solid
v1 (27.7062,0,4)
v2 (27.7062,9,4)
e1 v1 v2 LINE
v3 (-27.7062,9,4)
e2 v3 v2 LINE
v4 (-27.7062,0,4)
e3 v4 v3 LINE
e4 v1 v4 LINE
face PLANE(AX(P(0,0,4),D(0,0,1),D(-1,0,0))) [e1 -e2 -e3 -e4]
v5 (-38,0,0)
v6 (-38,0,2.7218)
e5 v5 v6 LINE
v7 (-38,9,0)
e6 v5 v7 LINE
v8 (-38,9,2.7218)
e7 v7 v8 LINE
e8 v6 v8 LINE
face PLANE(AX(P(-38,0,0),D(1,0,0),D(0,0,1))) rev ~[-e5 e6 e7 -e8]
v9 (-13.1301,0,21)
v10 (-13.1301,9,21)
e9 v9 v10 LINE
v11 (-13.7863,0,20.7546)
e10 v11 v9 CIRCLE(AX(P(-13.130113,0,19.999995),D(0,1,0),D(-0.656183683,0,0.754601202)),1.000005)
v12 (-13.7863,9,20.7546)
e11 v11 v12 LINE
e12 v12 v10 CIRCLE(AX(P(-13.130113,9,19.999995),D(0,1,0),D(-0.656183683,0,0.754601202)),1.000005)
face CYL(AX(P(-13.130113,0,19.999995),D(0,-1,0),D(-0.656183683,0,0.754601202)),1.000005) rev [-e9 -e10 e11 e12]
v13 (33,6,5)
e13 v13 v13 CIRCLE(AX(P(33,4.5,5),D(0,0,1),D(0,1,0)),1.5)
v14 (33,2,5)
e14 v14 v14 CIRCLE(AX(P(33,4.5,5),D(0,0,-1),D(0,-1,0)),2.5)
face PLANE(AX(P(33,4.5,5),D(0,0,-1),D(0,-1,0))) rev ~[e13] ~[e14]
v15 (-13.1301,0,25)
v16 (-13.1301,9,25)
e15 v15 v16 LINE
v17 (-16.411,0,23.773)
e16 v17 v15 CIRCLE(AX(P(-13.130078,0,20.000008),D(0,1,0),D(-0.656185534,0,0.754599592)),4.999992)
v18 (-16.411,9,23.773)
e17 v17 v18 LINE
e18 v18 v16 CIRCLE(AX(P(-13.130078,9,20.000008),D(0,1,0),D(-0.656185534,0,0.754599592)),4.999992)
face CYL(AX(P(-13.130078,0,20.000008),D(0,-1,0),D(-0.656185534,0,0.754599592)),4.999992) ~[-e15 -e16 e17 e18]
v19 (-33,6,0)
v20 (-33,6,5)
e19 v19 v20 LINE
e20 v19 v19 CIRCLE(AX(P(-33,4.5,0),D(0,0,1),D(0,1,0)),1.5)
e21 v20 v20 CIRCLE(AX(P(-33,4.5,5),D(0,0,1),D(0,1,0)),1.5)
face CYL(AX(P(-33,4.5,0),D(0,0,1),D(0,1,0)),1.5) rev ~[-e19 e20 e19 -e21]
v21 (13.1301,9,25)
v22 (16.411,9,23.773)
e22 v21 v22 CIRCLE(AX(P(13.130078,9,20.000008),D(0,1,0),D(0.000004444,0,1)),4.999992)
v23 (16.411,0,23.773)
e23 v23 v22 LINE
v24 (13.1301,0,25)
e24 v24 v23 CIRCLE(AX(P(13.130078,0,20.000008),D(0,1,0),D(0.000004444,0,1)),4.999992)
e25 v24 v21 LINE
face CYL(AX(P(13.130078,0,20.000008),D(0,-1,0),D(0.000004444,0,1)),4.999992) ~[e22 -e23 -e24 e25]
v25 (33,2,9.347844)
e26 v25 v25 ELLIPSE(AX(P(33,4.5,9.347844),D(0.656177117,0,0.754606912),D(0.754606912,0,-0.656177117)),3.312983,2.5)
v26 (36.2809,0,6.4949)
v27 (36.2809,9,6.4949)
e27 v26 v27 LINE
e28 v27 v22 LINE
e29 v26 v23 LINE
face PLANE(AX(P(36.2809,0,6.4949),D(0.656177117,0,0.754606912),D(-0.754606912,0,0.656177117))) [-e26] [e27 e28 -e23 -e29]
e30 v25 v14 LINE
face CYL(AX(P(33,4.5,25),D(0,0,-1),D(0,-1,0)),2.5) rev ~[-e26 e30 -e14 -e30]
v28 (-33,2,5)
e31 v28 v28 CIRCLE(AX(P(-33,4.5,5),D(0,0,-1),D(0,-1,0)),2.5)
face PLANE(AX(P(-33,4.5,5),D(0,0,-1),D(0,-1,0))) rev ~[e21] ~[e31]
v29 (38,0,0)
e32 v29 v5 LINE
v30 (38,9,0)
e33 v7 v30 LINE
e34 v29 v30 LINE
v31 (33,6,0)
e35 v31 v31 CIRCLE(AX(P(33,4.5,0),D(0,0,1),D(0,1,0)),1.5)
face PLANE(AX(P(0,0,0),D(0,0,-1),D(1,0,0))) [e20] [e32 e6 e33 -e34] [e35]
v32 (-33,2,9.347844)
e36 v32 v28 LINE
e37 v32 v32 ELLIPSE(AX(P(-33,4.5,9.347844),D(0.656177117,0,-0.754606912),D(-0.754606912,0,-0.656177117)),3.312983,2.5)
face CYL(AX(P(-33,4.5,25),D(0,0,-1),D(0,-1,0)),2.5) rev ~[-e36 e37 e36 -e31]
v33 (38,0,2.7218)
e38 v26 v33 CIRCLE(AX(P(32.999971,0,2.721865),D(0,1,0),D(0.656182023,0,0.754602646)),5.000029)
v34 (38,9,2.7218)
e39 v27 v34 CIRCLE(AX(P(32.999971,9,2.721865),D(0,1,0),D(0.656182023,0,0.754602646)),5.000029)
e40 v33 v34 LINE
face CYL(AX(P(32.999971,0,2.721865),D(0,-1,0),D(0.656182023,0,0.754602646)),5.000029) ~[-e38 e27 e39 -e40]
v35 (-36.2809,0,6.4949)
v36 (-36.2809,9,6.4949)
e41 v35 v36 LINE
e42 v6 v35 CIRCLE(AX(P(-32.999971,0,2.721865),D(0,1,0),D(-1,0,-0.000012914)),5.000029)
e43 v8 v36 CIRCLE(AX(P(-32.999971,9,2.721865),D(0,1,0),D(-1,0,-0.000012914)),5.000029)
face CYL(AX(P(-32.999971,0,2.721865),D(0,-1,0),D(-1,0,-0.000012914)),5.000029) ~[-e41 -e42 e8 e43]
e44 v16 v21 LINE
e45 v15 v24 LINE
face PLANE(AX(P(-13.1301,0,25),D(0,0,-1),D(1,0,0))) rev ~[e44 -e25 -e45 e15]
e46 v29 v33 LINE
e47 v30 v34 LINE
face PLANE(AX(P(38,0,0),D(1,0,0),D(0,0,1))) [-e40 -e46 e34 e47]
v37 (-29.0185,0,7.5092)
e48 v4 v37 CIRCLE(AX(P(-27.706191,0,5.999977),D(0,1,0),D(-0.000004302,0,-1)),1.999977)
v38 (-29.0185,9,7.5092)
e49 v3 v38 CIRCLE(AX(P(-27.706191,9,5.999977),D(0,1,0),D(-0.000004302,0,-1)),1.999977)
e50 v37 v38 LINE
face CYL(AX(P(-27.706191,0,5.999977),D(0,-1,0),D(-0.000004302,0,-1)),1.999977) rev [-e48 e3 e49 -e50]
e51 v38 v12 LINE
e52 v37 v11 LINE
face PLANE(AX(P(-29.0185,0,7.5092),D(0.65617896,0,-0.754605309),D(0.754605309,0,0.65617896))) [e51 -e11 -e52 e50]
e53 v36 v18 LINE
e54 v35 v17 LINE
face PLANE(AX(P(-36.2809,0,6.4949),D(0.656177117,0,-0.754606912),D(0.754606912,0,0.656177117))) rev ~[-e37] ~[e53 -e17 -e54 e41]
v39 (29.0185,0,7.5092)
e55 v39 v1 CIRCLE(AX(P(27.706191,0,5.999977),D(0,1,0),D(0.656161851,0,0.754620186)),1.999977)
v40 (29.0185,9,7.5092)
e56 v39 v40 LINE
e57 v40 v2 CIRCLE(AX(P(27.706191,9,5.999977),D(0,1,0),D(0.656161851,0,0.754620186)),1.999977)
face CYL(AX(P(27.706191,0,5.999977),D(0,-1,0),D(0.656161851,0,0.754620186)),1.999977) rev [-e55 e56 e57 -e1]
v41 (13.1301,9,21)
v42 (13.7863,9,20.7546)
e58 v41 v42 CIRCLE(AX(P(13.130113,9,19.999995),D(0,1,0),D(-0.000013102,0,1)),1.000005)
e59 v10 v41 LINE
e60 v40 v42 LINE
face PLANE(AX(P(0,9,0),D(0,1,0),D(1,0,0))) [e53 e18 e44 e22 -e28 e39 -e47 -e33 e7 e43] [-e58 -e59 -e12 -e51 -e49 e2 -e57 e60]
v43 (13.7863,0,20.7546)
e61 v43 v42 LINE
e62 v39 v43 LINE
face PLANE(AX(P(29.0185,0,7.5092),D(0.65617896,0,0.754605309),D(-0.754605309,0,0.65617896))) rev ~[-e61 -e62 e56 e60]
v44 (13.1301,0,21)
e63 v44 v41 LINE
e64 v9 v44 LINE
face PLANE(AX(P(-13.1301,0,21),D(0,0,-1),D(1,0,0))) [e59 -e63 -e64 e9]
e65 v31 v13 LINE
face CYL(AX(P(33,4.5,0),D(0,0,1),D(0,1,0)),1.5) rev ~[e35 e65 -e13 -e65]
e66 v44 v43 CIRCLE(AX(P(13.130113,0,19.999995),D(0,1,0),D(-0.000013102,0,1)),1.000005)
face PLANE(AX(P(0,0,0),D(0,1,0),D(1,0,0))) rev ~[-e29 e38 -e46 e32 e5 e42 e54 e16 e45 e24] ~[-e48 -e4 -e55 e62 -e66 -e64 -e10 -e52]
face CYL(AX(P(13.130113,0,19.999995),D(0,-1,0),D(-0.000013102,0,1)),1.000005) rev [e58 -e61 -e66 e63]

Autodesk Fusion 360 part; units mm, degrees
sketch "Sketch1" plane through (0, 0, 0) normal (0, 1, 0) x (1, 0, 0)
  line L0 (0, 0) -> (-33, 0)
  line L1 (0, 0) -> (33, 0)
  line L2 (-33, 0) -> (-38, 0)
  line L3 (33, 0) -> (38, 0)
  line L4 (-38, 0) -> (-38, -2.7218)
  line L5 (-36.2809, -6.4949) -> (-16.411, -23.773)
  line L6 (-13.1301, -25) -> (13.1301, -25)
  line L7 (38, 0) -> (38, -2.7218)
  line L8 (36.2809, -6.4949) -> (16.411, -23.773)
  arc A0 (-38, -2.7218) -> (-36.2809, -6.4949) centre (-33, -2.7218) ccw
  arc A1 (36.2809, -6.4949) -> (38, -2.7218) centre (33, -2.7218) ccw
  arc A2 (13.1301, -25) -> (16.411, -23.773) centre (13.1301, -20) ccw
  arc A3 (-16.411, -23.773) -> (-13.1301, -25) centre (-13.1301, -20) ccw
  line L9 (0, -4) -> (27.7062, -4)
  line L10 (33, -4) -> (33.0541, -4)
  line L11 (29.0185, -7.5092) -> (13.7863, -20.7546)
  arc A4 (13.1301, -21) -> (13.7863, -20.7546) centre (13.1301, -20) ccw
  line L12 (-13.1301, -21) -> (13.1301, -21)
  arc A5 (-13.7863, -20.7546) -> (-13.1301, -21) centre (-13.1301, -20) ccw
  line L13 (-29.0185, -7.5092) -> (-13.7863, -20.7546)
  line L14 (-33, -4) -> (-33.0541, -4)
  line L15 (0, -4) -> (-27.7062, -4)
  arc A6 (-27.7062, -4) -> (-29.0185, -7.5092) centre (-27.7062, -6) ccw
  arc A7 (29.0185, -7.5092) -> (27.7062, -4) centre (27.7062, -6) ccw
  dimension "d2" = 5
  dimension "d3" = 2
  dimension "d4" = 2
extrude "Extrude1" add sketch "Sketch1" along normal blind 9
sketch "Sketch2" plane through (0, 0, 0) normal (0, 0, -1) x (-1, 0, 0)
  line L0 (-38, 0) -> (38, 0)
  line L1 (38, 0) -> (38, 9)
  line L2 (38, 9) -> (-38, 9)
  line L3 (-38, 9) -> (-38, 0)
  line L4 (0, 0) -> (0, 9)
  line L5 (0, 4.5) -> (-33, 4.5)
  line L6 (0, 4.5) -> (33, 4.5)
  dimension "d7" = 33
  dimension "d8" = 33
hole "Hole1" at (33, 4.5, 0) at (-33, 4.5, 0) direction (0, 0, 1) diameter 3 depth 122 tip angle 180
sketch "Sketch3" plane through (0, 0, 25) normal (0, 0, 1) x (1, 0, 0)
  line L0 (-13.1301, 0) -> (13.1301, 0)
  line L1 (13.1301, 0) -> (13.1301, 9)
  line L2 (13.1301, 9) -> (-13.1301, 9)
  line L3 (-13.1301, 9) -> (-13.1301, 0)
  line L4 (0, 0) -> (0, 9)
  line L5 (0, 4.5) -> (-33, 4.5)
  line L6 (0, 4.5) -> (33, 4.5)
  dimension "d12" = 33
  dimension "d13" = 33
hole "Hole2" at (33, 4.5, 25) at (-33, 4.5, 25) direction (0, 0, -1) diameter 5 depth 20 tip angle 180
